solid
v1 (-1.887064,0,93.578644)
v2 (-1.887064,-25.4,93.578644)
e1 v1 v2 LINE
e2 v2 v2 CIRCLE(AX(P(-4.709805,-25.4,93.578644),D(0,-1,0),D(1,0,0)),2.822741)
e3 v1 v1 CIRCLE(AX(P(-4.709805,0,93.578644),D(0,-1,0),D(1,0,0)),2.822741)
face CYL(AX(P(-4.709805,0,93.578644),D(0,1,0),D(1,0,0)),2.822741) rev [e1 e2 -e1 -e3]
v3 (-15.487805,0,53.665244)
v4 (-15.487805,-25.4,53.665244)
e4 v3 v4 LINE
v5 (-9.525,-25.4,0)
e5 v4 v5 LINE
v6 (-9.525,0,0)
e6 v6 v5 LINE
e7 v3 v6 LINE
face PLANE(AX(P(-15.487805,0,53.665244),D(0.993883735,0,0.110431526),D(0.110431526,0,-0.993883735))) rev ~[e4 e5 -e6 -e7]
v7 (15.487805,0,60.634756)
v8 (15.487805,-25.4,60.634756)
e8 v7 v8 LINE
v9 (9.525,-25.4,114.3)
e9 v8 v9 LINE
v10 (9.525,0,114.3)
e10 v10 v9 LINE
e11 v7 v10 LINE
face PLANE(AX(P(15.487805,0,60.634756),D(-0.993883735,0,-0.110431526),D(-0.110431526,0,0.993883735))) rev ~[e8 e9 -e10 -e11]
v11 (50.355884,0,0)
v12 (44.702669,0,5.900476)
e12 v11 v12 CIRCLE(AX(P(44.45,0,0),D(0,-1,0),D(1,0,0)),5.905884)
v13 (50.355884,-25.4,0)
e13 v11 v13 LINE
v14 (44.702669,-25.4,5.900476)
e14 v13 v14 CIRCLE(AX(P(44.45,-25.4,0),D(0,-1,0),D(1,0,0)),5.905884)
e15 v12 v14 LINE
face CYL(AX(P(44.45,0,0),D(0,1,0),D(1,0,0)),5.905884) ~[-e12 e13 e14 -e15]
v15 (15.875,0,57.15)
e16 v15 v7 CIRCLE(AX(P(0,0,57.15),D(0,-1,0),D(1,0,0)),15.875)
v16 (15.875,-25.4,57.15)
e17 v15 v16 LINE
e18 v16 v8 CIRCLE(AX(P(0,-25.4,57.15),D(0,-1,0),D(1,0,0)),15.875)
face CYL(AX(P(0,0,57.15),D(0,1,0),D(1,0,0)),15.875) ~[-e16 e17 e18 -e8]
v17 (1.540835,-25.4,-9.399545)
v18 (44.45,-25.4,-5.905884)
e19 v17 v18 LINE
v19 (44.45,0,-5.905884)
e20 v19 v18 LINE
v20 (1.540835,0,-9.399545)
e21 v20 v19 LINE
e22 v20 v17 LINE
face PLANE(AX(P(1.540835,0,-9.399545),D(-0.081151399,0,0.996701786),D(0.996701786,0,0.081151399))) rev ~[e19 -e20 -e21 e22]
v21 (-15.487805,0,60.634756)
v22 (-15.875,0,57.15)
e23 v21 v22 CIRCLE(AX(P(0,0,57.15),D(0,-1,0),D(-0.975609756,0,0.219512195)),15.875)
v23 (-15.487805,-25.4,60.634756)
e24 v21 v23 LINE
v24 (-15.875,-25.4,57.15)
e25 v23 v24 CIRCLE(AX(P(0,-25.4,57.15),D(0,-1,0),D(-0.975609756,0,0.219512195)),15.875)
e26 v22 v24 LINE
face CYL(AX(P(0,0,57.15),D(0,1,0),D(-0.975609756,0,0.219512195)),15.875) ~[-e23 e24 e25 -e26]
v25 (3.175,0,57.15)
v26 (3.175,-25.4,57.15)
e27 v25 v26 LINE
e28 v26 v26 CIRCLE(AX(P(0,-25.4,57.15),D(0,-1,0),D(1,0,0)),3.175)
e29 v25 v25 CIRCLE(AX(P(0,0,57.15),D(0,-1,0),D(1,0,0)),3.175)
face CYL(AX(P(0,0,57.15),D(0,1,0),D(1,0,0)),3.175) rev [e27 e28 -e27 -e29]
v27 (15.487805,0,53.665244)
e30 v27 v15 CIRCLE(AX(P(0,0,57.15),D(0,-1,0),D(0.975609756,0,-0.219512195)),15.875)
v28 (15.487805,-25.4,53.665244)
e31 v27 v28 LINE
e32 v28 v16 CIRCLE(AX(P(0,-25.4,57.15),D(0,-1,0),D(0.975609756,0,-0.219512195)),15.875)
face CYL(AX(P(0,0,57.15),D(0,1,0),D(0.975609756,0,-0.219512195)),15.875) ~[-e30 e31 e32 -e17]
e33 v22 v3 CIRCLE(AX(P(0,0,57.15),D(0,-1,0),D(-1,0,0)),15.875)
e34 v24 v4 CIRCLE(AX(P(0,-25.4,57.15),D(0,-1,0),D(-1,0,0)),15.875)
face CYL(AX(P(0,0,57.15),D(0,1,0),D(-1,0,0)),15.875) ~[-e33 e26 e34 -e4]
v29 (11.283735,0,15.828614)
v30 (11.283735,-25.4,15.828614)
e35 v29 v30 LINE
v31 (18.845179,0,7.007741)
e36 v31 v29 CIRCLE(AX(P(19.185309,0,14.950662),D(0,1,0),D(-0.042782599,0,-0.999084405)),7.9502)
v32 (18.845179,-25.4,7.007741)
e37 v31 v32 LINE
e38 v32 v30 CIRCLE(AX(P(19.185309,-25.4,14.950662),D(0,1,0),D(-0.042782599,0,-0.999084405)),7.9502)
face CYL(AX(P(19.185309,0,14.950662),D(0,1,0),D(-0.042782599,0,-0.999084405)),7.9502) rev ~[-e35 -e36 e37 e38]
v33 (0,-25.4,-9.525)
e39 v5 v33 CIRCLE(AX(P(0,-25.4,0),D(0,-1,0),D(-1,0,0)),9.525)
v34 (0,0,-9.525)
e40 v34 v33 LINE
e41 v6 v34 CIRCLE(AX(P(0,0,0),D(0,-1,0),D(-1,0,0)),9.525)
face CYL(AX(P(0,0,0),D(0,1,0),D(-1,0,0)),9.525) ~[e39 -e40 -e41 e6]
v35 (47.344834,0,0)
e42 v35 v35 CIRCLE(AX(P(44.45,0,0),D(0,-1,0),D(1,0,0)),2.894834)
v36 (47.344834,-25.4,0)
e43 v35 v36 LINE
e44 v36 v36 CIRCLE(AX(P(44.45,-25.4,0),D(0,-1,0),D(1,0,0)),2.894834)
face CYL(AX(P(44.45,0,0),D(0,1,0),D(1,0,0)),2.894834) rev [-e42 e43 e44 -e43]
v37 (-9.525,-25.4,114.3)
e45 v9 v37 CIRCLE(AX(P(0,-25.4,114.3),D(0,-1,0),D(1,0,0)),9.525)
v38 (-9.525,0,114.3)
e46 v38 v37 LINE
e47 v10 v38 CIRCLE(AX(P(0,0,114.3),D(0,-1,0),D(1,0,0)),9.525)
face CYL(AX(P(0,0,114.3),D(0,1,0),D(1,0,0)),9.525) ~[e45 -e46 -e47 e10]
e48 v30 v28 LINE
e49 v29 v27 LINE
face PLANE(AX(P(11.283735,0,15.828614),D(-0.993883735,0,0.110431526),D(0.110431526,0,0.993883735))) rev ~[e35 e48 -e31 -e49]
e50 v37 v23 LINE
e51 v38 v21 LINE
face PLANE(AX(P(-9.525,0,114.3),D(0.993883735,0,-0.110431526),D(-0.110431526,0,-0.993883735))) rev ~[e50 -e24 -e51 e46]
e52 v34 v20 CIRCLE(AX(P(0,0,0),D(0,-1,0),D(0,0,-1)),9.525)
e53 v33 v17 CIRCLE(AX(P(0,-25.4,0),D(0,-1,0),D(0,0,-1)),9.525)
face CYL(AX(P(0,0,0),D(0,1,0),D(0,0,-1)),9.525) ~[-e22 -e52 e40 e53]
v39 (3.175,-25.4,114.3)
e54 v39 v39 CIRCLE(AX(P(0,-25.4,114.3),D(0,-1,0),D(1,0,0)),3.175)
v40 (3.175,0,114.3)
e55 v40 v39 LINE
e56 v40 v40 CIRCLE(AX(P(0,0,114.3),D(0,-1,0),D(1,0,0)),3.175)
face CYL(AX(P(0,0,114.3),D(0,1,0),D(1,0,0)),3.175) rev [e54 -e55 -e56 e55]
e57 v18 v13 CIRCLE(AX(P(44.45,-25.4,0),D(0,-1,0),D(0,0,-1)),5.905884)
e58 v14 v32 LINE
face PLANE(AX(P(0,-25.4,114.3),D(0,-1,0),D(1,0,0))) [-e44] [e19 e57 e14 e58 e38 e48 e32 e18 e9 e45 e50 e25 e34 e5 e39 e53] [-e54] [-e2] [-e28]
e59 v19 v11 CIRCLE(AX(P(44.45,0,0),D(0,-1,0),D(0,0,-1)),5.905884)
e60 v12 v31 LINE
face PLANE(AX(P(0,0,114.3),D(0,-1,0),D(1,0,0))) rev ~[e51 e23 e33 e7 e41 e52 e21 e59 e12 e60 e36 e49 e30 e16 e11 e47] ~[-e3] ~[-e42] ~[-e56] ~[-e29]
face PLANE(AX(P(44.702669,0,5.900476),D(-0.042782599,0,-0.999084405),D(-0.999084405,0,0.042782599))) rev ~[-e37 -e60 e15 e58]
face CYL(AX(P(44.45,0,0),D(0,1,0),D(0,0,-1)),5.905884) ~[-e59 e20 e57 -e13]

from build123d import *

# Parameters (mm, degrees)
F0_R     = 3.175
F0_R_2   = 2.8227407603
F0_R_3   = 2.8948343133
F1_DEPTH = 25.4


with BuildPart() as f1:
    # F0 (on Front) → F1 (new body)
    with BuildSketch(Plane.XZ):
        with BuildLine():
            ThreePointArc((-9.525, 114.3), (0, 104.775), (9.525, 114.3))
            ThreePointArc((9.525, 114.3), (0, 123.825), (-9.525, 114.3))
        make_face()
        with Locations((0, 114.3)):
            Circle(F0_R, mode=Mode.SUBTRACT)
        with BuildLine():
            Line((15.487804878, 60.6347560976), (9.525, 114.3))
            ThreePointArc((9.525, 114.3), (0, 104.775), (-9.525, 114.3))
            Line((-9.525, 114.3), (-15.487804878, 60.6347560976))
            ThreePointArc((-15.487804878, 60.6347560976), (0, 73.025), (15.487804878, 60.6347560976))
        make_face()
        with Locations((-4.7098048963, 93.5786440969)):
            Circle(F0_R_2, mode=Mode.SUBTRACT)
        with BuildLine():
            Line((15.875, 57.15), (15.487804878, 60.6347560976))
            ThreePointArc((15.487804878, 60.6347560976), (0, 73.025), (-15.487804878, 60.6347560976))
            Line((-15.487804878, 60.6347560976), (-15.875, 57.15))
            Line((-15.875, 57.15), (-15.487804878, 53.6652439024))
            ThreePointArc((-15.487804878, 53.6652439024), (0, 41.275), (15.487804878, 53.6652439024))
            Line((15.487804878, 53.6652439024), (15.875, 57.15))
        make_face()
        with Locations((0, 57.15)):
            Circle(F0_R, mode=Mode.SUBTRACT)
        with BuildLine():
            ThreePointArc((15.875, 57.15), (15.7779042879, 58.9031004764), (15.487804878, 60.6347560976))
            Line((15.487804878, 60.6347560976), (15.875, 57.15))
        make_face()
        with BuildLine():
            Line((-15.875, 57.15), (-15.487804878, 60.6347560976))
            ThreePointArc((-15.487804878, 60.6347560976), (-15.7779042879, 58.9031004764), (-15.875, 57.15))
        make_face()
        with BuildLine():
            ThreePointArc((15.487804878, 53.6652439024), (15.7779042879, 55.3968995236), (15.875, 57.15))
            Line((15.875, 57.15), (15.487804878, 53.6652439024))
        make_face()
        with BuildLine():
            Line((-15.487804878, 53.6652439024), (-15.875, 57.15))
            ThreePointArc((-15.875, 57.15), (-15.7779042879, 55.3968995236), (-15.487804878, 53.6652439024))
        make_face()
        with BuildLine():
            Line((11.2837349209, 15.8286142885), (15.487804878, 53.6652439024))
            ThreePointArc((15.487804878, 53.6652439024), (0, 41.275), (-15.487804878, 53.6652439024))
            Line((-15.487804878, 53.6652439024), (-9.525, 0))
            ThreePointArc((-9.525, 0), (0, 9.525), (9.525, 0))
            ThreePointArc((9.525, 0), (7.2595482465, -6.1664077271), (1.5408353267, -9.3995452813))
            Line((1.5408353267, -9.3995452813), (44.45, -5.9058837015))
            ThreePointArc((44.45, -5.9058837015), (38.545468302, 0.1263634545), (44.7026690535, 5.9004763066))
            Line((44.7026690535, 5.9004763066), (18.8451791707, 7.0077407296))
            ThreePointArc((18.8451791707, 7.0077407296), (13.1493027106, 9.7764656492), (11.2837349209, 15.8286142885))
        make_face()
        with BuildLine():
            Line((0, 0), (-9.525, 0))
            ThreePointArc((-9.525, 0), (-6.7351920908, -6.7351920908), (0, -9.525))
            Line((0, -9.525), (0, 0))
        make_face()
        with BuildLine():
            ThreePointArc((9.525, 0), (0, 9.525), (-9.525, 0))
            Line((-9.525, 0), (0, 0))
            Line((0, 0), (0, -9.525))
            Line((0, -9.525), (1.5408353267, -9.3995452813))
            ThreePointArc((1.5408353267, -9.3995452813), (7.2595482465, -6.1664077271), (9.525, 0))
        make_face()
        with BuildLine():
            Line((1.5408353267, -9.3995452813), (0, -9.525))
            ThreePointArc((0, -9.525), (0.7729670741, -9.4935845128), (1.5408353267, -9.3995452813))
        make_face()
        with BuildLine():
            ThreePointArc((50.3558837015, 0), (48.7144868589, 4.0857819478), (44.7026690535, 5.9004763066))
            ThreePointArc((44.7026690535, 5.9004763066), (38.545468302, 0.1263634545), (44.45, -5.9058837015))
            ThreePointArc((44.45, -5.9058837015), (48.6260904142, -4.1760904142), (50.3558837015, 0))
        make_face()
        with Locations((44.45, 0)):
            Circle(F0_R_3, mode=Mode.SUBTRACT)
    extrude(amount=F1_DEPTH)


solid = f1.part
